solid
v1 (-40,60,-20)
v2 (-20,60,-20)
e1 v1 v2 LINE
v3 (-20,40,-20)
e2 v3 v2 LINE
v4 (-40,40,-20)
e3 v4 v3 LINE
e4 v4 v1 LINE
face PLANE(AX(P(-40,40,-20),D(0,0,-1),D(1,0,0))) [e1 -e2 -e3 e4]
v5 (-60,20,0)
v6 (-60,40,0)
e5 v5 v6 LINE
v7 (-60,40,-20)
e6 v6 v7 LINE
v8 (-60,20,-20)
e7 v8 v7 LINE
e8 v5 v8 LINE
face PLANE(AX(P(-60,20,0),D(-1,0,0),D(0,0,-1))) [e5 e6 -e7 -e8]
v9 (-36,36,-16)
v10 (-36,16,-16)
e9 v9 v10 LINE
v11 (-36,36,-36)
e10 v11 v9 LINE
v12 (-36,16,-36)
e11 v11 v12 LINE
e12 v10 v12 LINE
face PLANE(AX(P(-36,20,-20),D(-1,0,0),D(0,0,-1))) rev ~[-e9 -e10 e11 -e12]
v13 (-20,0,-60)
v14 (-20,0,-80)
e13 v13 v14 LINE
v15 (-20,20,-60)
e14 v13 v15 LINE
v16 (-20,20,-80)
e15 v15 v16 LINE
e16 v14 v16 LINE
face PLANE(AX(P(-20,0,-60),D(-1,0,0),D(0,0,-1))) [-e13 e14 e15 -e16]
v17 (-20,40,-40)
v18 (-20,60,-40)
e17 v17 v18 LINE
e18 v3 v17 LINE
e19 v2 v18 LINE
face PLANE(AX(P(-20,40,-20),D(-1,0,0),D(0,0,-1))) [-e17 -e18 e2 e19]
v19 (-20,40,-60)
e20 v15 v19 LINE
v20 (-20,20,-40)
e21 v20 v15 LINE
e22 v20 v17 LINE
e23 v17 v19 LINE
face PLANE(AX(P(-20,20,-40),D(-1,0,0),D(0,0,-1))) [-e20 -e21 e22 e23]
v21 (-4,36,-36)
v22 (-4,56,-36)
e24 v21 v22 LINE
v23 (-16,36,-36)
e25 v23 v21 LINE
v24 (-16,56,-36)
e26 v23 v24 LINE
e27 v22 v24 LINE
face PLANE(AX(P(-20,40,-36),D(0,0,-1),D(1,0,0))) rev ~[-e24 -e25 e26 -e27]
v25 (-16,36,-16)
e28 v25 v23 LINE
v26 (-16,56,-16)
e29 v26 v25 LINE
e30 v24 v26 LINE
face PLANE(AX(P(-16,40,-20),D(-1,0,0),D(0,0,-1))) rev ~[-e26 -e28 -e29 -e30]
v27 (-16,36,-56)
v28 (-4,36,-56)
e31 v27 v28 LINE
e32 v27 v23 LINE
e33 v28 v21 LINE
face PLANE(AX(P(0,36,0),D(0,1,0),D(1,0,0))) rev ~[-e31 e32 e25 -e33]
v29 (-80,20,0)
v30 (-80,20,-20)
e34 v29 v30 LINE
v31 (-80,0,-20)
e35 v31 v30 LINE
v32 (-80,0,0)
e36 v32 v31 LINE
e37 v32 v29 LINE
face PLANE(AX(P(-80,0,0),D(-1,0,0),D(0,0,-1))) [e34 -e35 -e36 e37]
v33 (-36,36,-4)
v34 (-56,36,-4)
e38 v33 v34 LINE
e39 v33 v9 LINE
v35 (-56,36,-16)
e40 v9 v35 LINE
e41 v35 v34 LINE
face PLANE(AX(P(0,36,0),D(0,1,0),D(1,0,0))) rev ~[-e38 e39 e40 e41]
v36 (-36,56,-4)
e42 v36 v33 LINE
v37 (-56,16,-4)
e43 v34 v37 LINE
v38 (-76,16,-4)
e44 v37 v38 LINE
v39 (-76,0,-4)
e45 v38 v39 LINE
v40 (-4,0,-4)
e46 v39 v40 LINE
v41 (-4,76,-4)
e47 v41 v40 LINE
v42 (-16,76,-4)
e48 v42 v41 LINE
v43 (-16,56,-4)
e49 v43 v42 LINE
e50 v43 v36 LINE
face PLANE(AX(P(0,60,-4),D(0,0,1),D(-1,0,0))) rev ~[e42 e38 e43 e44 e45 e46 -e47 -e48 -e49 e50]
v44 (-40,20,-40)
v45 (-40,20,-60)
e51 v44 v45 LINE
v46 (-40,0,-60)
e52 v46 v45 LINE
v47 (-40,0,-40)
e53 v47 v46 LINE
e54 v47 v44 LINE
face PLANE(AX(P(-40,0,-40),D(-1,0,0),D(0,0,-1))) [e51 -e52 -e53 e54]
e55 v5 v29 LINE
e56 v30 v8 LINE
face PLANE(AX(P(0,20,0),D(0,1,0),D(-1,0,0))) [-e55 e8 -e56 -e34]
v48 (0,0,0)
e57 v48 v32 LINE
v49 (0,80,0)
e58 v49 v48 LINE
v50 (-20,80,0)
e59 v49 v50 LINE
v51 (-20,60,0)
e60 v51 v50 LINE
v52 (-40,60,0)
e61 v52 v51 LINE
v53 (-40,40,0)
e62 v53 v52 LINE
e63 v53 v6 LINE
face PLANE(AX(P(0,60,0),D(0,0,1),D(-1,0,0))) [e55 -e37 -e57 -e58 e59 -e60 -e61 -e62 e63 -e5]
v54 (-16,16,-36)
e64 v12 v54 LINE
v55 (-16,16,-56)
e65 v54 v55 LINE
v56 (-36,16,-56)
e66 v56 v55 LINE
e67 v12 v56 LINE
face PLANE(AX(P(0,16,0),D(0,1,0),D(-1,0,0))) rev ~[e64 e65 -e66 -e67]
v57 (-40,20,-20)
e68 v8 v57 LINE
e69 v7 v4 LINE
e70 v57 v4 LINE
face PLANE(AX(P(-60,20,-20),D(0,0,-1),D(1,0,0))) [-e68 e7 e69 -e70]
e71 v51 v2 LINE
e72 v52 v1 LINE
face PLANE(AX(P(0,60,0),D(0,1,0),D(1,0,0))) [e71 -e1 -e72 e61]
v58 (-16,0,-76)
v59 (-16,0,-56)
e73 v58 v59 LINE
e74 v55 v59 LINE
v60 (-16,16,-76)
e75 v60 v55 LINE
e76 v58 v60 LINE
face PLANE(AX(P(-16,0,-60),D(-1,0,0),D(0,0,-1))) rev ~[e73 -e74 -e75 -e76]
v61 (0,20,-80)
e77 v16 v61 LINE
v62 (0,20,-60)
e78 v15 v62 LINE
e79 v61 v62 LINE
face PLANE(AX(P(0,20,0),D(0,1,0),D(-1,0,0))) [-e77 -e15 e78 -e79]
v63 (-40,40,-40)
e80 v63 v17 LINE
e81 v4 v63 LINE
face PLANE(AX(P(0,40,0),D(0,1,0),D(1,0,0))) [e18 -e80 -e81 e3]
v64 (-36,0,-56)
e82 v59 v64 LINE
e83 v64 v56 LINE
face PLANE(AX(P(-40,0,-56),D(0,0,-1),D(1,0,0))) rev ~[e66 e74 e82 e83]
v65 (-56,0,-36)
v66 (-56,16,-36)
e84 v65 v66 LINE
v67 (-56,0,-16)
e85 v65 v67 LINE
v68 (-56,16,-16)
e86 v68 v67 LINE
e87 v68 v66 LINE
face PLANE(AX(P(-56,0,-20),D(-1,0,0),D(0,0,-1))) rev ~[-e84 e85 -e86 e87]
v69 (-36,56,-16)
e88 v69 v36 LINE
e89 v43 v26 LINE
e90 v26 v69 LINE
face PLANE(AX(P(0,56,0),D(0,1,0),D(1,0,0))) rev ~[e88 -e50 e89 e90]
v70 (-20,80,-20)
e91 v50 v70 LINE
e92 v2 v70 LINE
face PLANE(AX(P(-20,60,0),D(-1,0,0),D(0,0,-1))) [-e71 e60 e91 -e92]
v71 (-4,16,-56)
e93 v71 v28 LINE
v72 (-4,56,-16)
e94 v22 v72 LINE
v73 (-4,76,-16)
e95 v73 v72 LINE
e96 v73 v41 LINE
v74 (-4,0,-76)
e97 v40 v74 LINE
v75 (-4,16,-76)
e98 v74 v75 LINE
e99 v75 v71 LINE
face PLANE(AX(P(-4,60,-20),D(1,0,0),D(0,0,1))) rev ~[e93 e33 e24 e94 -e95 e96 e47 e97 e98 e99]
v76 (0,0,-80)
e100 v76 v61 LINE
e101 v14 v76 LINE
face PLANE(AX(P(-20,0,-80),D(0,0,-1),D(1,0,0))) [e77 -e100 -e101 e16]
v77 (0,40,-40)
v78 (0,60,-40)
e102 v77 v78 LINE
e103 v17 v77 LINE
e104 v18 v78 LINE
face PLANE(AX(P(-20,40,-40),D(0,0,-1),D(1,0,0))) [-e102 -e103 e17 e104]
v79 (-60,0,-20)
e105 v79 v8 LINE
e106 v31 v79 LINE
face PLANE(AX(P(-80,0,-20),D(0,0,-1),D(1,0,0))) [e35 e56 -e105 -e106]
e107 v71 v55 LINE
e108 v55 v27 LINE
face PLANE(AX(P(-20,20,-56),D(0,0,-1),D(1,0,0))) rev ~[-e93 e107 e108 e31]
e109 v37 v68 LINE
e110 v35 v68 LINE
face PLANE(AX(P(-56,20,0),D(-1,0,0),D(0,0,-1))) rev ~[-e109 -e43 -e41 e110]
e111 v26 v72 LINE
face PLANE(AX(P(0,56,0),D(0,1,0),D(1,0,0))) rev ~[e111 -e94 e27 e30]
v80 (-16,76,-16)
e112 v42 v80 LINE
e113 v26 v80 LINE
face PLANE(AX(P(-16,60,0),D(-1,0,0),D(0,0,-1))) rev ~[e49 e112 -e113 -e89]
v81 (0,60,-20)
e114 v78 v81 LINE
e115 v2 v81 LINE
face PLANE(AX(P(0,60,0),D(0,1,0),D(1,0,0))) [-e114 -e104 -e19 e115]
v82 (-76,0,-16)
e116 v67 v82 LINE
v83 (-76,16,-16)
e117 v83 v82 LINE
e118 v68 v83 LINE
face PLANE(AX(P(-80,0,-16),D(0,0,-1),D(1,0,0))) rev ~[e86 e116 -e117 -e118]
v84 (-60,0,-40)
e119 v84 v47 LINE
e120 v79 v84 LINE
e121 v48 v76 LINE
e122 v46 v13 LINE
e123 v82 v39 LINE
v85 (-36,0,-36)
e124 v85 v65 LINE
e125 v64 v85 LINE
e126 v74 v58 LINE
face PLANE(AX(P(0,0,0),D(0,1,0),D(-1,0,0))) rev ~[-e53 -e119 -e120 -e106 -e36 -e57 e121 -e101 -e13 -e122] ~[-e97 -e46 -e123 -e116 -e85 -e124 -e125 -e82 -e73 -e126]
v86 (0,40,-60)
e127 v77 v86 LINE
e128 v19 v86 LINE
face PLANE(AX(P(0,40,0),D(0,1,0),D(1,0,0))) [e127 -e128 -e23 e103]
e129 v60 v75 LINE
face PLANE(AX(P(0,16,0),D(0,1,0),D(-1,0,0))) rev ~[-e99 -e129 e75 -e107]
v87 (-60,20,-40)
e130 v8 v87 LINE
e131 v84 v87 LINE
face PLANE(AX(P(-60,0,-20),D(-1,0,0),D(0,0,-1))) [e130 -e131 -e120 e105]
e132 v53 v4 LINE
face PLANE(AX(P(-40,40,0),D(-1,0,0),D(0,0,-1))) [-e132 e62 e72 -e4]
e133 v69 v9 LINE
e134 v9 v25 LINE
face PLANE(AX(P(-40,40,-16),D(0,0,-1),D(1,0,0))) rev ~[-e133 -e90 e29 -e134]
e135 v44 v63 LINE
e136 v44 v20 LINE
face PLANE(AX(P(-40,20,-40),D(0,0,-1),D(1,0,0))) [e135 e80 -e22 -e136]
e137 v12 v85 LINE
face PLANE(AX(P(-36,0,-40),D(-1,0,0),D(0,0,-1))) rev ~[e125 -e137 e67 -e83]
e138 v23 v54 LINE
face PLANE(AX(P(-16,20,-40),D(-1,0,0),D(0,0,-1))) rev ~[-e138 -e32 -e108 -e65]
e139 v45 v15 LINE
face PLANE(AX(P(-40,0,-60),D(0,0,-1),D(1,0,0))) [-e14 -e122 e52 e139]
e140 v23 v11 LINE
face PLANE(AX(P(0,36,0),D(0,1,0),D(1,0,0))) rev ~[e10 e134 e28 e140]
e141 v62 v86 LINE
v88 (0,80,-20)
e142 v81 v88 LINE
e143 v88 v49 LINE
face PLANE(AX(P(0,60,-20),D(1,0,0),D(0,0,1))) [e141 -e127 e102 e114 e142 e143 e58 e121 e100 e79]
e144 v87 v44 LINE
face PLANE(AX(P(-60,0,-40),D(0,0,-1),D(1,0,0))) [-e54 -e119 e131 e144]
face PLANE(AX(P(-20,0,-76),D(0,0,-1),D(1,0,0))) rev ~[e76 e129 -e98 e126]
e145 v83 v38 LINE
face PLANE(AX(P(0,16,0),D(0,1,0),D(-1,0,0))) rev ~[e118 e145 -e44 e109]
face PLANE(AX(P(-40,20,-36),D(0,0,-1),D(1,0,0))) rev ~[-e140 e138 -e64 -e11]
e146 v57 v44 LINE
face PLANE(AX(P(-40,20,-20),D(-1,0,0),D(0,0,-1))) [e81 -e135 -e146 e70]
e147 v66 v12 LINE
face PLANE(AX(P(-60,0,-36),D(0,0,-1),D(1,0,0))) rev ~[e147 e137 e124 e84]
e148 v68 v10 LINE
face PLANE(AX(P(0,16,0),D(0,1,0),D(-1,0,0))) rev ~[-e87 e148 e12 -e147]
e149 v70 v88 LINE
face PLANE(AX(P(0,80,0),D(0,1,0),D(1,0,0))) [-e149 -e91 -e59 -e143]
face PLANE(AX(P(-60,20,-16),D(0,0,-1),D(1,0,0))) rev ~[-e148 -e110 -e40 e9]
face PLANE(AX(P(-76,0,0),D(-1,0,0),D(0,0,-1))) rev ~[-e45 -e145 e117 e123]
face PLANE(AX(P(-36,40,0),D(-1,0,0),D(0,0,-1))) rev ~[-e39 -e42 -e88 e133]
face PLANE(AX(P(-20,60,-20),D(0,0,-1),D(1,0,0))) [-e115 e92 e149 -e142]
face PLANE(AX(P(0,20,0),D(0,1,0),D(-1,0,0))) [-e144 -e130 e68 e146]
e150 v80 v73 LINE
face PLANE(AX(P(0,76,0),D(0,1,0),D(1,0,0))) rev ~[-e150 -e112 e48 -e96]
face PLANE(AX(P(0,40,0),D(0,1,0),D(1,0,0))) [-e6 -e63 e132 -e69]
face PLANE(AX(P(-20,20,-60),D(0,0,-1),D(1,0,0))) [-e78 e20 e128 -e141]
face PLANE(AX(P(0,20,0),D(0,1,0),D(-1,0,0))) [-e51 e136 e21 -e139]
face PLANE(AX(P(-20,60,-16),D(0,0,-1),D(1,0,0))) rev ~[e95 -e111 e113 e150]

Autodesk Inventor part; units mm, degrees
ref_plane "YZ Plane" through (0, 0, 0) normal (1, 0, 0) x (0, 1, 0)
ref_plane "XZ Plane" through (0, 0, 0) normal (0, 1, 0) x (-1, 0, 0)
ref_plane "XY Plane" through (0, 0, 0) normal (0, 0, 1) x (1, 0, 0)
sketch "Sketch1" plane through (0, 0, 0) normal (0, 1, 0) x (-1, 0, 0)
  line L0 (0, 0) -> (80, 0)
  line L1 (80, 0) -> (80, -20)
  line L2 (20, -80) -> (0, -80)
  line L3 (0, -80) -> (0, 0)
  line L4 (0, 0) -> (80, 0)
  line L5 (80, 0) -> (80, -20)
  line L6 (80, -20) -> (60, -20)
  line L7 (0, -20) -> (0, 0)
  line L8 (60, -20) -> (60, -40)
  line L9 (60, -40) -> (40, -40)
  line L10 (0, -40) -> (0, -20)
  line L11 (40, -40) -> (40, -60)
  line L12 (40, -60) -> (20, -60)
  line L13 (0, -60) -> (0, -40)
  line L14 (20, -60) -> (20, -80)
  line L15 (20, -80) -> (0, -80)
  line L16 (0, -80) -> (0, -60)
  dimension "d19" = 20
  dimension "d20" = 20
  dimension "d21" = 20
  dimension "d22" = 20
  dimension "d23" = 20
  dimension "d24" = 20
  dimension "d25" = 20
  dimension "d26" = 20
extrude "Extrusion1" add sketch "Sketch1" along normal blind 20
sketch "Sketch2" plane through (0, 20, 0) normal (0, 1, 0) x (1, 0, 0)
  line L0 (-20, 80) -> (-20, 60) projected
  line L1 (0, 0) -> (0, 80) projected
  line L2 (-20, 60) -> (0, 60)
  line L3 (0, 60) -> (0, 0)
  line L4 (0, 0) -> (-20, 0)
  line L5 (-20, 40) -> (-20, 60)
  line L6 (-40, 60) -> (-40, 40) projected
  line L7 (-40, 40) -> (-20, 40)
  line L8 (-20, 0) -> (-40, 0)
  line L9 (-40, 20) -> (-40, 40)
  line L10 (-60, 20) -> (-80, 20) projected
  line L11 (-60, 20) -> (-40, 20)
  line L12 (-40, 0) -> (-60, 0)
  line L13 (-60, 0) -> (-60, 20)
  dimension "d27" = 20
extrude "Extrusion2" add sketch "Sketch2" along normal blind 20
sketch "Sketch3" plane through (0, 40, 0) normal (0, 1, 0) x (1, 0, 0)
  line L0 (-20, 40) -> (0, 40)
  line L1 (0, 40) -> (0, 0)
  line L2 (0, 0) -> (-20, 0)
  line L3 (-20, 20) -> (-20, 40)
  line L4 (-40, 20) -> (-20, 20)
  line L5 (-20, 0) -> (-40, 0)
  line L6 (-40, 0) -> (-40, 20)
extrude "Extrusion3" add sketch "Sketch3" along normal blind 20
sketch "Sketch4" plane through (0, 60, 0) normal (0, 1, 0) x (1, 0, 0)
  line L0 (-20, 20) -> (-20, 40) projected
  line L1 (-20, 20) -> (0, 20)
  line L2 (0, 20) -> (0, 0)
  line L3 (0, 0) -> (-20, 0)
  line L4 (-20, 0) -> (-20, 20)
extrude "Extrusion4" add sketch "Sketch4" along normal blind 20
shell "Shell1" thickness 4 removed faces 1 at (-6.6667, 0, -46.6667)
properties part number "cube_stack"
